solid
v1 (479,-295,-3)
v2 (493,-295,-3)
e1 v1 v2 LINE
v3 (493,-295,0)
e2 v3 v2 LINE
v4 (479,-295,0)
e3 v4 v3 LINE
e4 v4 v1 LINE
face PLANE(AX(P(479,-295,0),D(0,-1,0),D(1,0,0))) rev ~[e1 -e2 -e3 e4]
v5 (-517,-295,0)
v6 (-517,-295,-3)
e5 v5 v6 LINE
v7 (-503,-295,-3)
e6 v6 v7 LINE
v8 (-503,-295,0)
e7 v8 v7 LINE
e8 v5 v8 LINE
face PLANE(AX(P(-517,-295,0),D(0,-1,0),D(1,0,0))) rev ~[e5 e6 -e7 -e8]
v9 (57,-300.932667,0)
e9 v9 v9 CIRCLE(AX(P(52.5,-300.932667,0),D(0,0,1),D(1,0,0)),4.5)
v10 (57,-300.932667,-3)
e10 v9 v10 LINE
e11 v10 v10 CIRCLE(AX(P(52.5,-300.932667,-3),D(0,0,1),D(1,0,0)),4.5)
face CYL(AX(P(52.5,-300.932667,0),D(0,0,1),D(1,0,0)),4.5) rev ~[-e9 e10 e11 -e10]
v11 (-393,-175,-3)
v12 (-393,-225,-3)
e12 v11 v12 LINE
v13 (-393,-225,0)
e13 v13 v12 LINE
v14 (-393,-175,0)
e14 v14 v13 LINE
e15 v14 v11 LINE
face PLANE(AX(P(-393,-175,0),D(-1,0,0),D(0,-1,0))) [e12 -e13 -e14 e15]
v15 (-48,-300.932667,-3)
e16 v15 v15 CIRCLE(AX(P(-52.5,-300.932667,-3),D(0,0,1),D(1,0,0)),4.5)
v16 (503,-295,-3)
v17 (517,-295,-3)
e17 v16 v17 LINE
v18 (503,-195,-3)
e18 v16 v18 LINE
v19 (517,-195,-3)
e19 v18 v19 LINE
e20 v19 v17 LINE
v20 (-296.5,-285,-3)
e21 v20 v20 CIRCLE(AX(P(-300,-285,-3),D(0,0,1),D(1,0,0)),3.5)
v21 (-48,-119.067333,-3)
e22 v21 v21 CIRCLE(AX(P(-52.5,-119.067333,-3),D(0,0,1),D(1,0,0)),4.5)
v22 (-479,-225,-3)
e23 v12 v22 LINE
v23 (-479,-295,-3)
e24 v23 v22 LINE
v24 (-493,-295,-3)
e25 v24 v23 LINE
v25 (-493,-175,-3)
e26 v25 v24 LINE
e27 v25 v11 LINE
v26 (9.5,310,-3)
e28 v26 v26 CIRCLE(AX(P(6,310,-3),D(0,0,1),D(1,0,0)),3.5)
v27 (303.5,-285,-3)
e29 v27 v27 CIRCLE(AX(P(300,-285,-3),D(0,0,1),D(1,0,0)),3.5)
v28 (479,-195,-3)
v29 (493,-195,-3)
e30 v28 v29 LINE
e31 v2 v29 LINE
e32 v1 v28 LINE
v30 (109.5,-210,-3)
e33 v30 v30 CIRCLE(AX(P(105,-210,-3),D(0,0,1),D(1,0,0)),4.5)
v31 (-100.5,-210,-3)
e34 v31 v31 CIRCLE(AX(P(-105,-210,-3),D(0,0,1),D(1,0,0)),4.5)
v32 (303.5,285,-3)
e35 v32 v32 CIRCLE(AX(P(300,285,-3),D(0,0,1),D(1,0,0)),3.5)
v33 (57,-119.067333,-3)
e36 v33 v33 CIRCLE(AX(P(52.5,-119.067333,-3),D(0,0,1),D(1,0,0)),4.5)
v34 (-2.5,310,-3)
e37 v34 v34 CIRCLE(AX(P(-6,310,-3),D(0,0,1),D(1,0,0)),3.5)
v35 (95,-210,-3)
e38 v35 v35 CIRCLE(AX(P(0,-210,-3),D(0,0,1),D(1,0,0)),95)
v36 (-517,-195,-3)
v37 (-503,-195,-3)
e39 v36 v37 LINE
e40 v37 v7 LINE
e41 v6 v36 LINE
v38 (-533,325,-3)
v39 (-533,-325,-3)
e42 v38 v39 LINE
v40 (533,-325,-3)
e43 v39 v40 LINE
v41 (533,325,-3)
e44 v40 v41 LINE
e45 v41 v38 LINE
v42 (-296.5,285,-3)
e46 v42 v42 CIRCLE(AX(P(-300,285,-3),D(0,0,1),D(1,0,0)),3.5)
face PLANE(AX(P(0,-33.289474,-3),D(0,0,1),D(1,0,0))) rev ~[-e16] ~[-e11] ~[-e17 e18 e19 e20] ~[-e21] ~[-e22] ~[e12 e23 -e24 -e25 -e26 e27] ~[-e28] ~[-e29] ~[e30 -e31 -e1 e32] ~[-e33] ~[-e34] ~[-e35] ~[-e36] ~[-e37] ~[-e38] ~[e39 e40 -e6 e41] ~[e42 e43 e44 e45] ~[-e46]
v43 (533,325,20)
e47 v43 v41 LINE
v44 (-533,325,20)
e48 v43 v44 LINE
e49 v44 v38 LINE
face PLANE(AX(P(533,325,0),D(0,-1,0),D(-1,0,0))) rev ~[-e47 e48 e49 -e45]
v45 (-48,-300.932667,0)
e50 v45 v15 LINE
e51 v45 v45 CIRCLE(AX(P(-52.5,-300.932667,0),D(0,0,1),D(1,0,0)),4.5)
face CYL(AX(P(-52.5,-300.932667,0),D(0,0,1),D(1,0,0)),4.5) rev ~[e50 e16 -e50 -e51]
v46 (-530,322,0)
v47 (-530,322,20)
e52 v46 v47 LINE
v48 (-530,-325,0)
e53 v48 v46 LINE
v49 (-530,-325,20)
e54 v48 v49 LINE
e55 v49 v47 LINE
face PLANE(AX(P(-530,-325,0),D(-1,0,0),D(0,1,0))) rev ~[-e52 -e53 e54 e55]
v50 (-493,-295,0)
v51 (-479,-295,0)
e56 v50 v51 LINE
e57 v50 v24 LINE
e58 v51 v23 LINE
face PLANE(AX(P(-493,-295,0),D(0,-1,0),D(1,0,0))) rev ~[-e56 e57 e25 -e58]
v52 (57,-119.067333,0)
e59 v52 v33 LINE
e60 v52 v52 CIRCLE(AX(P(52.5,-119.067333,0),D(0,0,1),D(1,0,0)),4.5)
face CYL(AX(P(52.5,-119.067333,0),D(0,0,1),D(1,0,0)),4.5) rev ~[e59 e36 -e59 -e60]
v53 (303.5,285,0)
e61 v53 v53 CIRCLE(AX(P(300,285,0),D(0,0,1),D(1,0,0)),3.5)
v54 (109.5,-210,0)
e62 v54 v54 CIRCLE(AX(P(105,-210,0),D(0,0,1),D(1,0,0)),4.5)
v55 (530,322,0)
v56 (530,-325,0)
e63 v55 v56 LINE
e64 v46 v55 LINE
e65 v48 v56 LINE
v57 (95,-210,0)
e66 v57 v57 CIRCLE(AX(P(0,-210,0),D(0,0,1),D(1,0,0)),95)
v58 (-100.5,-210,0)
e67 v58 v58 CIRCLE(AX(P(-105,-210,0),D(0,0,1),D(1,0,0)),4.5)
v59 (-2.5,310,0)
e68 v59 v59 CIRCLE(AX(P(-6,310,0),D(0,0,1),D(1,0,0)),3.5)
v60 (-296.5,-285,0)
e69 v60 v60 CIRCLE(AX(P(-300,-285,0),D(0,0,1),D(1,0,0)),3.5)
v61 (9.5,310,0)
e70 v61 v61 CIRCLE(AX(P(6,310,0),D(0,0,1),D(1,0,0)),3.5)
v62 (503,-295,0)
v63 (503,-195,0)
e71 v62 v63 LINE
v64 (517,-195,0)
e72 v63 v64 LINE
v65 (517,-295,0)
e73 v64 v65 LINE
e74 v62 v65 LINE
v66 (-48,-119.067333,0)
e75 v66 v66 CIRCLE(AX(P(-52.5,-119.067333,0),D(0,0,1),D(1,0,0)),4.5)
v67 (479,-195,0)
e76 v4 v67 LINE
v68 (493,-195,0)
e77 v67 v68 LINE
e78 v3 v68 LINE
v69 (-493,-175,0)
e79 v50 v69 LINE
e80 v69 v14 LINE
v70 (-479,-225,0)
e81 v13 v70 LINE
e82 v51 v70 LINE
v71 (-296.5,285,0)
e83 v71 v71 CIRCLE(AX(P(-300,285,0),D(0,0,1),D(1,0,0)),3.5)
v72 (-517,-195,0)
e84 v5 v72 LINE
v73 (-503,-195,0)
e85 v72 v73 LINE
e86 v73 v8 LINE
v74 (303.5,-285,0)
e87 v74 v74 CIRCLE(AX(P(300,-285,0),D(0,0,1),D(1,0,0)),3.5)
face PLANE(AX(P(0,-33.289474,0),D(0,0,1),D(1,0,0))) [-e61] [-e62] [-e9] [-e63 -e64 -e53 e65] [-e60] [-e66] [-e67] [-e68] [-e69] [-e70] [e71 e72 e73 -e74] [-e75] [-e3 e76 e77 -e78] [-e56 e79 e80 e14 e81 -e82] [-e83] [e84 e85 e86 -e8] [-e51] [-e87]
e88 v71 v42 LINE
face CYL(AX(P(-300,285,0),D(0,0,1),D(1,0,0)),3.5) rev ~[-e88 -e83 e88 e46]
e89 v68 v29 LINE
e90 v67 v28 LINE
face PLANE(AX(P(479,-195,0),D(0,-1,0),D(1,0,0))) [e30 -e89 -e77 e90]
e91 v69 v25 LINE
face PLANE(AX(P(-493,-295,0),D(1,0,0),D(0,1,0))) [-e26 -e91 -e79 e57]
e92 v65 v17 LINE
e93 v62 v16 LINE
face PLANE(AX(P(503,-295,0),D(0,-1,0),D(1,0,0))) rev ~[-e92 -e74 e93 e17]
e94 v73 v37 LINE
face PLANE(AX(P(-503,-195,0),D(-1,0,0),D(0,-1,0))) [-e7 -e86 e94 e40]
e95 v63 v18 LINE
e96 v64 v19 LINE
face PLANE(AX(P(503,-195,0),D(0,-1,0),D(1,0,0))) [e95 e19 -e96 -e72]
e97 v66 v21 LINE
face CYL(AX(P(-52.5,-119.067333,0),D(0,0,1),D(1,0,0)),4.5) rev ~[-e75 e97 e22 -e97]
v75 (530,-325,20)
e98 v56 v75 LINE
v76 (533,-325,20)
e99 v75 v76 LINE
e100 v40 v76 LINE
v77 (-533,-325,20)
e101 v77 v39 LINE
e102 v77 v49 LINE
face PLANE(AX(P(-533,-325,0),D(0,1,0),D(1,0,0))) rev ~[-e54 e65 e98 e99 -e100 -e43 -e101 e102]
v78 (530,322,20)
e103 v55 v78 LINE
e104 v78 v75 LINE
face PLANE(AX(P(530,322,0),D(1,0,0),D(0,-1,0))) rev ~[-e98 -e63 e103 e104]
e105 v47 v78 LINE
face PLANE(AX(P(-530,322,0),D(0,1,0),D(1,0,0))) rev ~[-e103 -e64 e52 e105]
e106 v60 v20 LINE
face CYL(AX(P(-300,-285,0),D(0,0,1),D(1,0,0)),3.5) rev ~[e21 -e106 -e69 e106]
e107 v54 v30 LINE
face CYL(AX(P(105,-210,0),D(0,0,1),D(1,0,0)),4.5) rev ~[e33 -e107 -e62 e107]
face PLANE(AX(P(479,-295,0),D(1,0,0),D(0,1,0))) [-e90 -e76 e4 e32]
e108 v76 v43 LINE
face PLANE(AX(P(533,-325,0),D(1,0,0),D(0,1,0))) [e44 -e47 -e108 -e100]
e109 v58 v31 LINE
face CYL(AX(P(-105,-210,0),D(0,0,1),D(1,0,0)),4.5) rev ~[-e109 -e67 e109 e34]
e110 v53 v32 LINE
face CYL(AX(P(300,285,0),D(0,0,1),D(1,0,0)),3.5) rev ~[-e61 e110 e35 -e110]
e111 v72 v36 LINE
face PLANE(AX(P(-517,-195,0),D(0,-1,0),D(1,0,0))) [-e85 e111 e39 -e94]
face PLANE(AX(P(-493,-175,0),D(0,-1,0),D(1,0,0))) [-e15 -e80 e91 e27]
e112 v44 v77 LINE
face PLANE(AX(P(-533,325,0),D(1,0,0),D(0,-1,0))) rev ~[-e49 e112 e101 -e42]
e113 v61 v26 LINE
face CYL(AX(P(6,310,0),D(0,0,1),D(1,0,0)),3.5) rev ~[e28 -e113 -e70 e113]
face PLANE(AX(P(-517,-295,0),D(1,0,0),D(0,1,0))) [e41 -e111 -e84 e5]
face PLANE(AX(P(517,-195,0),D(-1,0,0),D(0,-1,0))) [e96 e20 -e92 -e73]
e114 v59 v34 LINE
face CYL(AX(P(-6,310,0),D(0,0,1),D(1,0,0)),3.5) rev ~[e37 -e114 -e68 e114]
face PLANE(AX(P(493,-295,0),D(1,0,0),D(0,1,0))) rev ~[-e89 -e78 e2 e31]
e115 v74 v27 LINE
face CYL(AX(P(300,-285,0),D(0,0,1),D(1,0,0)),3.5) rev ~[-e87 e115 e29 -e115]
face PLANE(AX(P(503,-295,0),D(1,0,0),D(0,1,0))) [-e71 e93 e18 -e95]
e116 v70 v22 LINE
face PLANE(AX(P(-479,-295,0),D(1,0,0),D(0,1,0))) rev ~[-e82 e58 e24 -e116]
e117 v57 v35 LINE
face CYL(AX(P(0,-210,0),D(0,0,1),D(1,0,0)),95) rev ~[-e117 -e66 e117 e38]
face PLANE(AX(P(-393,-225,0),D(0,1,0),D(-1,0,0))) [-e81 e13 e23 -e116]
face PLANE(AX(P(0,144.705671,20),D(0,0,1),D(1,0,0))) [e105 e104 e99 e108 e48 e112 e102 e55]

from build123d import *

# Parameters (mm, degrees)
F0_R     = 3.5
F0_R_2   = 4.5
F0_R_3   = 95
F0_W     = 14
F0_H     = 30
F1_DEPTH = 3
F3_DEPTH = 20
F4_W     = 14
F4_H     = 70
F4_H_2   = 100
F5_DEPTH = 3.001


with BuildPart() as f1:
    # F0 (on Top) → F1 (new body)
    with BuildSketch(Plane.XY):
        Polygon((533, -325), (533, 325), (-533, 325), (-533, -325), (-517, -325), (-517, -295), (-517, -195), (-503, -195), (-503, -295), (-503, -325), (503, -325), (503, -295), (503, -195), (517, -195), (517, -295), (517, -325), align=None)
        with Locations((-300, -285)):
            Circle(F0_R, mode=Mode.SUBTRACT)
        Polygon((-493, -175), (-468, -175), (-418, -175), (-393, -175), (-393, -225), (-418, -225), (-468, -225), (-493, -225), align=None, mode=Mode.SUBTRACT)
        with Locations((-52.5, -300.932667)):
            Circle(F0_R_2, mode=Mode.SUBTRACT)
        with Locations((-105, -210)):
            Circle(F0_R_2, mode=Mode.SUBTRACT)
        with Locations((-52.5, -119.067333)):
            Circle(F0_R_2, mode=Mode.SUBTRACT)
        with Locations((52.5, -300.932667)):
            Circle(F0_R_2, mode=Mode.SUBTRACT)
        with Locations((0, -210)):
            Circle(F0_R_3, mode=Mode.SUBTRACT)
        with Locations((105, -210)):
            Circle(F0_R_2, mode=Mode.SUBTRACT)
        with Locations((300, -285)):
            Circle(F0_R, mode=Mode.SUBTRACT)
        with Locations((52.5, -119.067333)):
            Circle(F0_R_2, mode=Mode.SUBTRACT)
        with Locations((-300, 285)):
            Circle(F0_R, mode=Mode.SUBTRACT)
        with Locations((-6, 310)):
            Circle(F0_R, mode=Mode.SUBTRACT)
        with Locations((6, 310)):
            Circle(F0_R, mode=Mode.SUBTRACT)
        with Locations((300, 285)):
            Circle(F0_R, mode=Mode.SUBTRACT)
        with Locations((-510, -310)):
            Rectangle(F0_W, F0_H)
        with Locations((510, -310)):
            Rectangle(F0_W, F0_H)
    extrude(amount=-F1_DEPTH)

    # F2 (on face) → F3 (join)
    with BuildSketch(Plane.XY):
        Polygon((-533, -325), (-530, -325), (-530, 322), (530, 322), (530, -325), (533, -325), (533, 325), (-533, 325), align=None)
    extrude(amount=F3_DEPTH)

    # F4 (on face) → F5 (cut, through all)
    with BuildSketch(Plane.XY):
        with Locations((-486, -260)):
            Rectangle(F4_W, F4_H)
        with Locations((486, -245)):
            Rectangle(F4_W, F4_H_2)
    extrude(amount=-F5_DEPTH, mode=Mode.SUBTRACT)


solid = f1.part
